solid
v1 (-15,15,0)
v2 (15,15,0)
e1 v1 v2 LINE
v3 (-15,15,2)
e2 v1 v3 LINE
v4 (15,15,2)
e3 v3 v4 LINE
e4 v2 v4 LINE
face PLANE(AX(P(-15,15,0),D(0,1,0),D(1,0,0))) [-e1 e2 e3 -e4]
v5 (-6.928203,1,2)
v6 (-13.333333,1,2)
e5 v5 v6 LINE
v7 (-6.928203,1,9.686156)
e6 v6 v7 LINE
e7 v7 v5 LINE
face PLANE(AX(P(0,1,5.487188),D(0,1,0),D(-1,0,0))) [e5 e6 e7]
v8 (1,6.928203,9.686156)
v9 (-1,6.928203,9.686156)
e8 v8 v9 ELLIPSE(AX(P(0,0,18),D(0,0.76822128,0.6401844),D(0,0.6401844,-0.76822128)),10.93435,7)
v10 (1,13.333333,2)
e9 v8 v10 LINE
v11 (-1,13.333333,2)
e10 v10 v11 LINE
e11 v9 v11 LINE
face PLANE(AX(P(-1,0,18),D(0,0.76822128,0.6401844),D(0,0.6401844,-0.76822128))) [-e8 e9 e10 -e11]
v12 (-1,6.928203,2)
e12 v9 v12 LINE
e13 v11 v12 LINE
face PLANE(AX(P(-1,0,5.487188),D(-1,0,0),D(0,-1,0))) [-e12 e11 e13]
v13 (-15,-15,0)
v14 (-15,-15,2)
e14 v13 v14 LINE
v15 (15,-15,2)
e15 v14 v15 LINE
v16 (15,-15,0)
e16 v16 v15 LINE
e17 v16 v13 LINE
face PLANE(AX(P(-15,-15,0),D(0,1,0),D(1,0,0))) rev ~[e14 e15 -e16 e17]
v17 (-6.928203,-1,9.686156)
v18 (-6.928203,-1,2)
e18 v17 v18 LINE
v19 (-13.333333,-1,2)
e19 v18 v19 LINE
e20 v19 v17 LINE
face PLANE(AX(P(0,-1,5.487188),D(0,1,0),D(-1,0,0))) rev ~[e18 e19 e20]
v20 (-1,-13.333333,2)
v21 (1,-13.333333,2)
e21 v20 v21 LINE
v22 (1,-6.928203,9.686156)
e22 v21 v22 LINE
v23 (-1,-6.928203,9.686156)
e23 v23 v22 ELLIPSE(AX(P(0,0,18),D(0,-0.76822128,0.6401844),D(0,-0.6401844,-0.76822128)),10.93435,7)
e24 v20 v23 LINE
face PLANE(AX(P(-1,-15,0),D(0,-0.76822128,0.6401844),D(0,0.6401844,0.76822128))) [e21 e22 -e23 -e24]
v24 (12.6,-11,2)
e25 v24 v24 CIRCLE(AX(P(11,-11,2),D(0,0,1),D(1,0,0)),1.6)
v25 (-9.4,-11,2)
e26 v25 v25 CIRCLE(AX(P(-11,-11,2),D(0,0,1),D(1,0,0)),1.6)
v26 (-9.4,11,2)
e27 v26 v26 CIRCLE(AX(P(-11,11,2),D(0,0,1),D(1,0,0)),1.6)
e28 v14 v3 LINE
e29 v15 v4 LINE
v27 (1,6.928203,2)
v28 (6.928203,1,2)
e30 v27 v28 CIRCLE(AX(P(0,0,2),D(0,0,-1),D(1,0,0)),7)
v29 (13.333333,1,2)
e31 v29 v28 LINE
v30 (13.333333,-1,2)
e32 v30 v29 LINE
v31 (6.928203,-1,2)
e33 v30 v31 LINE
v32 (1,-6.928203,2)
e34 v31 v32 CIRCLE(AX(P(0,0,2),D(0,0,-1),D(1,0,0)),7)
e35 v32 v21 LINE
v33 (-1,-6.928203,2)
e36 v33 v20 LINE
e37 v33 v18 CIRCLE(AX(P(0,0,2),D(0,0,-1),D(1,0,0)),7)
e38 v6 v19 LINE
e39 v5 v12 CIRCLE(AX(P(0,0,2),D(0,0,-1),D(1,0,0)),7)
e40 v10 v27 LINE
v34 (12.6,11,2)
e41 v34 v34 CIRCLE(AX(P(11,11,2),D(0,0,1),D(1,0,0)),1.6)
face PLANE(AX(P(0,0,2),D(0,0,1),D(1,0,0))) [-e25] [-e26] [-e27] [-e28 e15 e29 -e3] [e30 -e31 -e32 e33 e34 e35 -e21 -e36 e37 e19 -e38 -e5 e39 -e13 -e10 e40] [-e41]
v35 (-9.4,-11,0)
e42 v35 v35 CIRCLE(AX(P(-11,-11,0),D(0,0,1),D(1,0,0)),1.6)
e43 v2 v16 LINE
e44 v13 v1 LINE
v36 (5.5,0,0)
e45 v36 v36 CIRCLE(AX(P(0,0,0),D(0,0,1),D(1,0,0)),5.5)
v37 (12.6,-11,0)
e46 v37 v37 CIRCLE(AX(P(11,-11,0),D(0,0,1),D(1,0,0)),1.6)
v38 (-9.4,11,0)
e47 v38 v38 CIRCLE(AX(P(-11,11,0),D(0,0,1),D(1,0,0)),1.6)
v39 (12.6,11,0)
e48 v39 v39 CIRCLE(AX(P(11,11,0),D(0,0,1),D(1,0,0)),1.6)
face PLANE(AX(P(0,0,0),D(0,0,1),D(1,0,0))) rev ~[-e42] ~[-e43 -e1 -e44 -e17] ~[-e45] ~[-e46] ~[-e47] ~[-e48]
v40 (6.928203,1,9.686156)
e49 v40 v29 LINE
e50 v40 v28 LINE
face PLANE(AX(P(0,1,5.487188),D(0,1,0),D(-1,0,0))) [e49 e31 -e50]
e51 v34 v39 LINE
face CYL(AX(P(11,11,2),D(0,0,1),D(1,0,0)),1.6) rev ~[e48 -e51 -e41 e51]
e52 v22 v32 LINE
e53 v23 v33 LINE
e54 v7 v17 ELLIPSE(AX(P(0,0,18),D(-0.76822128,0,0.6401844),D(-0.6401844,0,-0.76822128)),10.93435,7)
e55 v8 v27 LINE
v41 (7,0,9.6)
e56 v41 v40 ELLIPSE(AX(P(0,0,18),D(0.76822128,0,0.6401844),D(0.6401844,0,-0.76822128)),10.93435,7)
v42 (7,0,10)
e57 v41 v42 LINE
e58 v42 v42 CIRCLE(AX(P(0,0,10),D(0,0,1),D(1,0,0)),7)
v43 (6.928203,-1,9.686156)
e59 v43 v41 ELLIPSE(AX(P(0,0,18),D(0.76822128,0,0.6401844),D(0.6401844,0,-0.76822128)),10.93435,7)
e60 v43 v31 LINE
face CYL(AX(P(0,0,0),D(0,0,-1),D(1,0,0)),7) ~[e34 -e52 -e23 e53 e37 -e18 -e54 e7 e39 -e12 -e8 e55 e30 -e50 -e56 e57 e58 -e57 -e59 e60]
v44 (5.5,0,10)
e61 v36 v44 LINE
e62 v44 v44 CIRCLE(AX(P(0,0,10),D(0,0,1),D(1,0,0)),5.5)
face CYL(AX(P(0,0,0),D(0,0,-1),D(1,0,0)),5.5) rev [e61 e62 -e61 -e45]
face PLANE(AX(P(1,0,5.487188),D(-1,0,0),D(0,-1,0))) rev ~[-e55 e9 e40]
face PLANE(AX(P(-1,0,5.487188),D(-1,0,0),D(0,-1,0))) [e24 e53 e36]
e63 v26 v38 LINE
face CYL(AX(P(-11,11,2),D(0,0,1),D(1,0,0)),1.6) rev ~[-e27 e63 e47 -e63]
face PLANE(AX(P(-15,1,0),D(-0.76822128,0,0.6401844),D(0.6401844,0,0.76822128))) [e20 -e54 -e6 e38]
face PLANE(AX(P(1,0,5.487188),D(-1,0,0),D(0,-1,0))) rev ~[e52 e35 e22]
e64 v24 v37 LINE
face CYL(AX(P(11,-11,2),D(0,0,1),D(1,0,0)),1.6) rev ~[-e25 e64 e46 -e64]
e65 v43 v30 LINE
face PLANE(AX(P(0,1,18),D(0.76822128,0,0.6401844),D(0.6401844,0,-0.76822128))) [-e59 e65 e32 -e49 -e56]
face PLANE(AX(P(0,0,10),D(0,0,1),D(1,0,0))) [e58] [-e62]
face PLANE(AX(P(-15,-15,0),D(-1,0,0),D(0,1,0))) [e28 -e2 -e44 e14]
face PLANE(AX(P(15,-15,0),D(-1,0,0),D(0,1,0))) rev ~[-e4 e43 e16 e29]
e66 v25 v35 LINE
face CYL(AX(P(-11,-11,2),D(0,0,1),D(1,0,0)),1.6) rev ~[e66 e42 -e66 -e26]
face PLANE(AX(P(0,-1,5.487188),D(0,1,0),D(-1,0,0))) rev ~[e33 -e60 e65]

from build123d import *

# Parameters (mm, degrees)
CYLINDER001_R     = 5.5
CYLINDER001_DEPTH = 10
BOX001_W          = 60
BOX001_H          = 60
BOX001_DEPTH      = 60
PAD_DEPTH         = 2
PAD001_DEPTH      = 2
CYLINDER_R        = 7
CYLINDER_DEPTH    = 10
SKETCH_R          = 5.5
POCKET_DEPTH      = 10.001
BOX_W             = 30
BOX_H             = 30
BOX_DEPTH         = 2
SKETCH001_R       = 1.6
POCKET001_DEPTH   = 2.001


with BuildPart() as cylinder001:
    # Cylinder001 → Cylinder001 (new body)
    with BuildSketch(Plane.XY):
        Circle(CYLINDER001_R)
    extrude(amount=CYLINDER001_DEPTH)


with BuildPart() as cube001:
    # Box001 → Box001 (new body)
    with BuildSketch(Plane(origin=(-30, -30, 10), x_dir=(1, 0, 0), z_dir=(0, 0, 1))):
        with Locations((30, 30)):
            Rectangle(BOX001_W, BOX001_H)
    extrude(amount=BOX001_DEPTH)


with BuildPart() as pad:
    # Sketch002 → Pad (new body)
    with BuildSketch(Plane.XZ.offset(-1)):
        Polygon((-15, 0), (0, 18), (15, 0), align=None)
    extrude(amount=PAD_DEPTH)


with BuildPart() as pad001:
    # Sketch003 → Pad001 (new body)
    with BuildSketch(Plane.YZ.offset(-1)):
        Polygon((-15, 0), (0, 18), (15, 0), align=None)
    extrude(amount=PAD001_DEPTH)


with BuildPart() as pocket:
    # Cylinder → Cylinder (new body)
    with BuildSketch(Plane.XY):
        Circle(CYLINDER_R)
    extrude(amount=CYLINDER_DEPTH)

    # Sketch → Pocket (cut, through all)
    with BuildSketch(Plane.XY.offset(10)):
        Circle(SKETCH_R)
    extrude(amount=-POCKET_DEPTH, mode=Mode.SUBTRACT)


with BuildPart() as cut001:
    # Box → Box (new body)
    with BuildSketch(Plane(origin=(-15, -15, 0), x_dir=(1, 0, 0), z_dir=(0, 0, 1))):
        with Locations((15, 15)):
            Rectangle(BOX_W, BOX_H)
    extrude(amount=BOX_DEPTH)

    # Sketch001 → Pocket001 (cut, through all)
    with BuildSketch(Plane(origin=(-15, -15, 2), x_dir=(1, 0, 0), z_dir=(0, 0, 1))):
        with Locations((4, 4)):
            Circle(SKETCH001_R)
        with Locations((26, 26)):
            Circle(SKETCH001_R)
        with Locations((26, 4)):
            Circle(SKETCH001_R)
        with Locations((4, 26)):
            Circle(SKETCH001_R)
    extrude(amount=-POCKET001_DEPTH, mode=Mode.SUBTRACT)

    # Fusion: union Pad, Pad001, Pocket
    add(pad.part)
    add(pad001.part)
    add(pocket.part)

    # Cut: cut Cube001
    add(cube001.part, mode=Mode.SUBTRACT)

    # Cut001: cut Cylinder001
    add(cylinder001.part, mode=Mode.SUBTRACT)


solid = cut001.part
